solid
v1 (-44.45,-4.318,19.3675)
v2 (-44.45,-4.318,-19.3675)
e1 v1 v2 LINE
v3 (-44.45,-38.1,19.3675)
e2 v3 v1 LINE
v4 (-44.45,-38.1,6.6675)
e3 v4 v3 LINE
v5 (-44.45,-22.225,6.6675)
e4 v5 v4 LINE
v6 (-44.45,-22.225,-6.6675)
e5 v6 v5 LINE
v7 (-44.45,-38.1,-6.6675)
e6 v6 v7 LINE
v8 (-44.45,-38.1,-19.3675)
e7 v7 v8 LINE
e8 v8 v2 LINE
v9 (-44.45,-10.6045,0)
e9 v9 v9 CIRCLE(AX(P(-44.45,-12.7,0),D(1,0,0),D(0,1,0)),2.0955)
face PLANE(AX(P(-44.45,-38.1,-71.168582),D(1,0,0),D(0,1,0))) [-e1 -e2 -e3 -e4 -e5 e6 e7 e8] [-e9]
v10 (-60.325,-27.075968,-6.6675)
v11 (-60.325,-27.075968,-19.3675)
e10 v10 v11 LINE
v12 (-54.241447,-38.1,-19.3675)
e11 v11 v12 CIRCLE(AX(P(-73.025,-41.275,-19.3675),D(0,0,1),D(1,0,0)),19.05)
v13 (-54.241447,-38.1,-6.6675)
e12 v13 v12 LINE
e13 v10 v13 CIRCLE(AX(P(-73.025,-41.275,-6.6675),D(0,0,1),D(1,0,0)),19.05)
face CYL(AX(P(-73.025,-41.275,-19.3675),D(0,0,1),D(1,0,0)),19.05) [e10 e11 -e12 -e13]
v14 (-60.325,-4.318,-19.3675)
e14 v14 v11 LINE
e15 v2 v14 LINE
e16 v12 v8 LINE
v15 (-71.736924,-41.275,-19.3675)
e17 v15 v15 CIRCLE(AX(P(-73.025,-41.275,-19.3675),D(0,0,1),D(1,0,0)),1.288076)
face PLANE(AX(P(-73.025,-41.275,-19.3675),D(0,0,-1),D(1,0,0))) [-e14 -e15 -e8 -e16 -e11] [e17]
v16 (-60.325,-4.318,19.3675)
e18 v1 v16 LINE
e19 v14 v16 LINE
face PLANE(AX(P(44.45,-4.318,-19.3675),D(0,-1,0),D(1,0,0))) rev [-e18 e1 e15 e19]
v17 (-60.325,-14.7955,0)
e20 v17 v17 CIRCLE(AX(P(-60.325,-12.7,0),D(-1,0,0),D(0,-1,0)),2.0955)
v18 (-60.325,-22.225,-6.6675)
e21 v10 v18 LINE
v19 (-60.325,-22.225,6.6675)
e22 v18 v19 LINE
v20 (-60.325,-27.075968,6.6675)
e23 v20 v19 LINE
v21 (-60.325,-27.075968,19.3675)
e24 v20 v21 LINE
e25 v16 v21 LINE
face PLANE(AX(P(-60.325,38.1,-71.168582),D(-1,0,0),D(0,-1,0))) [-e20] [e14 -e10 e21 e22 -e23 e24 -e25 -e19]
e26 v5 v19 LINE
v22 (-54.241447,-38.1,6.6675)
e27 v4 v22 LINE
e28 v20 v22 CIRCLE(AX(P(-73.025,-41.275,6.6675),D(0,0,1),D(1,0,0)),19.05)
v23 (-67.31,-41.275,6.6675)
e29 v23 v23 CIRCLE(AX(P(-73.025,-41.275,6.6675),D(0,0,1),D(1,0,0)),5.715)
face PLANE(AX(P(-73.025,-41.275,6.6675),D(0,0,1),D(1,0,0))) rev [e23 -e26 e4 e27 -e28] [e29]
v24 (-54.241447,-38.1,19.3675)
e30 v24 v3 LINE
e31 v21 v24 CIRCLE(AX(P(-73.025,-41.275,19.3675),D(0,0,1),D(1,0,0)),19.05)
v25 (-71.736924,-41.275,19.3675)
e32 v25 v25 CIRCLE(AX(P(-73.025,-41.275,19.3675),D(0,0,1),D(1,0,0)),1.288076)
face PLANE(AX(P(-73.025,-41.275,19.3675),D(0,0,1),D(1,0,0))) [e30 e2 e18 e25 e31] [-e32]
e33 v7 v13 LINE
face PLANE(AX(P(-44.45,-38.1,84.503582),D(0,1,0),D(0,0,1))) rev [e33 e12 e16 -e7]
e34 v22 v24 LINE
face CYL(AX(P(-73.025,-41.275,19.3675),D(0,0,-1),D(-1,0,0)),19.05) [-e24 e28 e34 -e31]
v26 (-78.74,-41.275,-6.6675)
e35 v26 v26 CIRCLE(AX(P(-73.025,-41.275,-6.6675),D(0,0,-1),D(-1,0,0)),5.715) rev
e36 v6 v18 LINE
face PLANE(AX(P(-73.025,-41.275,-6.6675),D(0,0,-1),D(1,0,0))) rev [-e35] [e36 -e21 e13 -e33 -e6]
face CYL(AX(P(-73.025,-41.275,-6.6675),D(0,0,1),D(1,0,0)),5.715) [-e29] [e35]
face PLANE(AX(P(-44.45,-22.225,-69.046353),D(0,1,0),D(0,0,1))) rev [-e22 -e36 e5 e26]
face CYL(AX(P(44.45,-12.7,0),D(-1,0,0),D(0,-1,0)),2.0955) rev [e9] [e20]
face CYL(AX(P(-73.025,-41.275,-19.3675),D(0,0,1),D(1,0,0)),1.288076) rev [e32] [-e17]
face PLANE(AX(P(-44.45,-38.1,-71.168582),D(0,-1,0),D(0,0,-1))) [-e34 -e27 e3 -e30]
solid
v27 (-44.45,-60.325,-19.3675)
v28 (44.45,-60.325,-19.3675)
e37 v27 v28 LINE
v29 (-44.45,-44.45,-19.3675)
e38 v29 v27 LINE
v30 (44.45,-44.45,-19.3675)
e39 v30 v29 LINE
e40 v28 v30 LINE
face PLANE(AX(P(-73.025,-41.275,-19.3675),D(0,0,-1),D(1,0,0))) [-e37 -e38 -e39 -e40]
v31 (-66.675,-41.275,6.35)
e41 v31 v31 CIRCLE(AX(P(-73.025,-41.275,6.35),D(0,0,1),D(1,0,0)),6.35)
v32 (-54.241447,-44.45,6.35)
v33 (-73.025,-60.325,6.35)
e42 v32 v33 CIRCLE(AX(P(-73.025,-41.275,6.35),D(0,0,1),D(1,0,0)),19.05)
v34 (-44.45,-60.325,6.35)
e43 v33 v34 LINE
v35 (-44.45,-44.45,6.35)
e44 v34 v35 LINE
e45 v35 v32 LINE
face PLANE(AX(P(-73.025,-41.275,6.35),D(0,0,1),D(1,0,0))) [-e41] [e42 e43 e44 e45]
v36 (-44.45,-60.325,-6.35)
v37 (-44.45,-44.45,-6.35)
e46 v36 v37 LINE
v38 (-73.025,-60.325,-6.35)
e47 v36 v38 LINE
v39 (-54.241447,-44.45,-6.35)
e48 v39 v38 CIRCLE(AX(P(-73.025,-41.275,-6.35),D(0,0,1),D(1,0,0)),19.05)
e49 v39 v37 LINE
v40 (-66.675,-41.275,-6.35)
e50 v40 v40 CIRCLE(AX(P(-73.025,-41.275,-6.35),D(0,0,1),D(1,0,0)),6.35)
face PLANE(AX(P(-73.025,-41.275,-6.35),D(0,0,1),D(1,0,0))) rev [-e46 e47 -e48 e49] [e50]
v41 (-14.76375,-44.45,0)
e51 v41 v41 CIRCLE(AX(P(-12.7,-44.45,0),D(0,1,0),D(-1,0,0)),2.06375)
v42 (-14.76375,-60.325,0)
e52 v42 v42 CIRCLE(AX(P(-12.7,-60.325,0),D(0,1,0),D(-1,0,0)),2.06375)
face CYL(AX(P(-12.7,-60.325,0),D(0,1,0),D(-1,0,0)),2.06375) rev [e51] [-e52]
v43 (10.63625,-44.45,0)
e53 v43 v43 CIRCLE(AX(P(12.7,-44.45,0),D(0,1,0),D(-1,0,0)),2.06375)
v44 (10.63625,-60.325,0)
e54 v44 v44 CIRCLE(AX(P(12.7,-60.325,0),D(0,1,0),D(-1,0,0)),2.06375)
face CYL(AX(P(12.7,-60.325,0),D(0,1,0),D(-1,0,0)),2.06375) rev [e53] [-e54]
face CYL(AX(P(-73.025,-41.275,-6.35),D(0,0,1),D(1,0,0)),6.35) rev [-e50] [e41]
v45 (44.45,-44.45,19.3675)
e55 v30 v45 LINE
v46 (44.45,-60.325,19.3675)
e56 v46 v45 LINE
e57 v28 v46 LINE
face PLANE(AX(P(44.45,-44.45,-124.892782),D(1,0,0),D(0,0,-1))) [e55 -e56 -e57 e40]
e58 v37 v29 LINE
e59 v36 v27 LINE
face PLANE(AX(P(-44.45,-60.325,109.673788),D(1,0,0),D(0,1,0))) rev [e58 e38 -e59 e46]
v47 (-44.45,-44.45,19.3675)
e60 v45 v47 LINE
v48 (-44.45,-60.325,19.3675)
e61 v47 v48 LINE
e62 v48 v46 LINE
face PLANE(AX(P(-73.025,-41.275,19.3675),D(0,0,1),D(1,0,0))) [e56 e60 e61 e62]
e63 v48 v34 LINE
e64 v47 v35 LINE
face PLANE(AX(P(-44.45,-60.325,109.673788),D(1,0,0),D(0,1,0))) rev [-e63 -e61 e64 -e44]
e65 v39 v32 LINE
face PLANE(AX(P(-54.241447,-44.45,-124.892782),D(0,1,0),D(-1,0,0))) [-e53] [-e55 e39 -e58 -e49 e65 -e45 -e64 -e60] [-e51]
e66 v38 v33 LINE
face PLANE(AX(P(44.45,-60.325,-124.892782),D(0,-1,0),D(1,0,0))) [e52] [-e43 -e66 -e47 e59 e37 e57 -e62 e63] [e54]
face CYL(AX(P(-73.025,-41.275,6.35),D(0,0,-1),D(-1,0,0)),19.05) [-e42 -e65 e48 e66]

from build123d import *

# Parameters (mm, degrees)
SKETCH1_R           = 19.05
BOSS_EXTRUDE1_DEPTH = 6.35
BOSS_EXTRUDE2_DEPTH = 12.7
SKETCH3_R           = 6.35
CUT_EXTRUDE1_DEPTH  = 111.807045128
SKETCH4_R           = 5.715
BOSS_EXTRUDE3_DEPTH = 6.6675
BOSS_EXTRUDE4_START = 12.7
SKETCH5_R           = 19.05
BOSS_EXTRUDE4_DEPTH = 12.7
BOSS_EXTRUDE5_DEPTH = 12.7
BOSS_EXTRUDE6_REACH = 115.114
SKETCH7_W           = 15.875
SKETCH7_H           = 60.325
BOSS_EXTRUDE7_START = -25.7175
SKETCH8_W           = 88.9
SKETCH8_H           = 15.875
BOSS_EXTRUDE7_DEPTH = 38.735
SKETCH16_R          = 2.0955
CUT_EXTRUDE8_DEPTH  = 123.441848672
SKETCH17_R          = 2.06375
CUT_EXTRUDE9_DEPTH  = 126.16951778
SKETCH20_W          = 38.735
SKETCH20_H          = 42.418
CUT_EXTRUDE12_DEPTH = 123.441848672
SKETCH21_R          = 1.288075885
CUT_EXTRUDE13_DEPTH = 117.693236629


with BuildPart() as part:
    # Sketch1 → Boss-Extrude1 (new, symmetric)
    with BuildSketch(Plane.XY):
        with Locations((-73.025, -41.275)):
            Circle(SKETCH1_R)
    extrude(amount=BOSS_EXTRUDE1_DEPTH, both=True)

    # Sketch2 → Boss-Extrude2 (add)
    with BuildSketch(Plane.XY.offset(6.35)):
        with BuildLine():
            Line((-54.241446689, -44.45), (44.45, -44.45))
            Line((44.45, -44.45), (44.45, -60.325))
            Line((44.45, -60.325), (-73.025, -60.325))
            ThreePointArc((-73.025, -60.325), (-60.728277876, -55.824677831), (-54.241446689, -44.45))
        make_face()
    extrude(amount=-BOSS_EXTRUDE2_DEPTH)

    # Sketch3 → Cut-Extrude1 (cut, through all)
    with BuildSketch(Plane.XY.offset(6.35)):
        with Locations((-73.025, -41.275)):
            Circle(SKETCH3_R)
    extrude(amount=-CUT_EXTRUDE1_DEPTH, mode=Mode.SUBTRACT)

    # Sketch8 → Boss-Extrude7 (add)
    with BuildSketch(Plane.XY.offset(6.35).offset(BOSS_EXTRUDE7_START)):
        with Locations((0, -52.3875)):
            Rectangle(SKETCH8_W, SKETCH8_H)
    extrude(amount=BOSS_EXTRUDE7_DEPTH)

    # Sketch17 → Cut-Extrude9 (cut, through all)
    with BuildSketch(Plane(origin=(0, -44.45, 0), x_dir=(1, 0, 0), z_dir=(0, 1, 0))):
        with Locations(Location((-12.7, 0, 0), (0, 0, 180))):
            Circle(SKETCH17_R)
        with Locations(Location((12.7, 0, 0), (0, 0, 180))):
            Circle(SKETCH17_R)
    extrude(amount=-CUT_EXTRUDE9_DEPTH, mode=Mode.SUBTRACT)


with BuildPart() as body_2:
    # Sketch4 → Boss-Extrude3 (new, symmetric)
    with BuildSketch(Plane.XY):
        with Locations((-73.025, -41.275)):
            Circle(SKETCH4_R)
    extrude(amount=BOSS_EXTRUDE3_DEPTH, both=True)

    # Sketch5 → Boss-Extrude4 (add)
    with BuildSketch(Plane.XY.offset(6.6675).offset(BOSS_EXTRUDE4_START)):
        with Locations((-73.025, -41.275)):
            Circle(SKETCH5_R)
    boss_extrude4 = extrude(amount=-BOSS_EXTRUDE4_DEPTH)

    # Sketch6 → Boss-Extrude5 (add)
    with BuildSketch(Plane.XY.offset(19.3675)):
        with BuildLine():
            Line((-44.45, -38.1), (-44.45, 38.1))
            Line((-44.45, 38.1), (-60.325, 38.1))
            Line((-60.325, 38.1), (-60.325, -27.075968343))
            ThreePointArc((-60.325, -27.075968343), (-56.346095636, -32.070835224), (-54.241446689, -38.1))
            Line((-54.241446689, -38.1), (-44.45, -38.1))
        make_face()
    boss_extrude5 = extrude(amount=-BOSS_EXTRUDE5_DEPTH)

    # Mirror1: Boss-Extrude4, Boss-Extrude5 across plane
    add(boss_extrude4.mirror(Plane.XY))
    add(boss_extrude5.mirror(Plane.XY))

    # Sketch7 → Boss-Extrude6 (add, up to next)
    with BuildSketch(Plane(origin=(0, 0, 6.6675), x_dir=(-1, 0, 0), z_dir=(0, 0, -1)), mode=Mode.PRIVATE) as boss_extrude6_sk1:
        with Locations((52.3875, 7.9375)):
            Rectangle(SKETCH7_W, SKETCH7_H)
    boss_extrude6_tool1 = extrude(boss_extrude6_sk1.sketch, amount=BOSS_EXTRUDE6_REACH, mode=Mode.PRIVATE) - body_2.part
    add(boss_extrude6_tool1.solids().sort_by_distance((-52.3875, 7.9375, 6.6675))[0])

    # Sketch16 → Cut-Extrude8 (cut, through all)
    with BuildSketch(Plane.ZY.offset(60.325)):
        with Locations(Location((0, 12.7, 0), (0, 0, 270))):
            Circle(SKETCH16_R)
        with Locations(Location((0, -12.7, 0), (0, 0, 270))):
            Circle(SKETCH16_R)
    extrude(amount=-CUT_EXTRUDE8_DEPTH, mode=Mode.SUBTRACT)

    # Sketch20 → Cut-Extrude12 (cut, through all)
    with BuildSketch(Plane.ZY.offset(60.325)):
        with Locations((0, 16.891)):
            Rectangle(SKETCH20_W, SKETCH20_H)
    extrude(amount=-CUT_EXTRUDE12_DEPTH, mode=Mode.SUBTRACT)

    # Sketch21 → Cut-Extrude13 (cut, through all)
    with BuildSketch(Plane.XY.offset(19.3675)):
        with Locations((-73.025, -41.275)):
            Circle(SKETCH21_R)
    extrude(amount=-CUT_EXTRUDE13_DEPTH, mode=Mode.SUBTRACT)


solid = Compound([part.part, body_2.part])
